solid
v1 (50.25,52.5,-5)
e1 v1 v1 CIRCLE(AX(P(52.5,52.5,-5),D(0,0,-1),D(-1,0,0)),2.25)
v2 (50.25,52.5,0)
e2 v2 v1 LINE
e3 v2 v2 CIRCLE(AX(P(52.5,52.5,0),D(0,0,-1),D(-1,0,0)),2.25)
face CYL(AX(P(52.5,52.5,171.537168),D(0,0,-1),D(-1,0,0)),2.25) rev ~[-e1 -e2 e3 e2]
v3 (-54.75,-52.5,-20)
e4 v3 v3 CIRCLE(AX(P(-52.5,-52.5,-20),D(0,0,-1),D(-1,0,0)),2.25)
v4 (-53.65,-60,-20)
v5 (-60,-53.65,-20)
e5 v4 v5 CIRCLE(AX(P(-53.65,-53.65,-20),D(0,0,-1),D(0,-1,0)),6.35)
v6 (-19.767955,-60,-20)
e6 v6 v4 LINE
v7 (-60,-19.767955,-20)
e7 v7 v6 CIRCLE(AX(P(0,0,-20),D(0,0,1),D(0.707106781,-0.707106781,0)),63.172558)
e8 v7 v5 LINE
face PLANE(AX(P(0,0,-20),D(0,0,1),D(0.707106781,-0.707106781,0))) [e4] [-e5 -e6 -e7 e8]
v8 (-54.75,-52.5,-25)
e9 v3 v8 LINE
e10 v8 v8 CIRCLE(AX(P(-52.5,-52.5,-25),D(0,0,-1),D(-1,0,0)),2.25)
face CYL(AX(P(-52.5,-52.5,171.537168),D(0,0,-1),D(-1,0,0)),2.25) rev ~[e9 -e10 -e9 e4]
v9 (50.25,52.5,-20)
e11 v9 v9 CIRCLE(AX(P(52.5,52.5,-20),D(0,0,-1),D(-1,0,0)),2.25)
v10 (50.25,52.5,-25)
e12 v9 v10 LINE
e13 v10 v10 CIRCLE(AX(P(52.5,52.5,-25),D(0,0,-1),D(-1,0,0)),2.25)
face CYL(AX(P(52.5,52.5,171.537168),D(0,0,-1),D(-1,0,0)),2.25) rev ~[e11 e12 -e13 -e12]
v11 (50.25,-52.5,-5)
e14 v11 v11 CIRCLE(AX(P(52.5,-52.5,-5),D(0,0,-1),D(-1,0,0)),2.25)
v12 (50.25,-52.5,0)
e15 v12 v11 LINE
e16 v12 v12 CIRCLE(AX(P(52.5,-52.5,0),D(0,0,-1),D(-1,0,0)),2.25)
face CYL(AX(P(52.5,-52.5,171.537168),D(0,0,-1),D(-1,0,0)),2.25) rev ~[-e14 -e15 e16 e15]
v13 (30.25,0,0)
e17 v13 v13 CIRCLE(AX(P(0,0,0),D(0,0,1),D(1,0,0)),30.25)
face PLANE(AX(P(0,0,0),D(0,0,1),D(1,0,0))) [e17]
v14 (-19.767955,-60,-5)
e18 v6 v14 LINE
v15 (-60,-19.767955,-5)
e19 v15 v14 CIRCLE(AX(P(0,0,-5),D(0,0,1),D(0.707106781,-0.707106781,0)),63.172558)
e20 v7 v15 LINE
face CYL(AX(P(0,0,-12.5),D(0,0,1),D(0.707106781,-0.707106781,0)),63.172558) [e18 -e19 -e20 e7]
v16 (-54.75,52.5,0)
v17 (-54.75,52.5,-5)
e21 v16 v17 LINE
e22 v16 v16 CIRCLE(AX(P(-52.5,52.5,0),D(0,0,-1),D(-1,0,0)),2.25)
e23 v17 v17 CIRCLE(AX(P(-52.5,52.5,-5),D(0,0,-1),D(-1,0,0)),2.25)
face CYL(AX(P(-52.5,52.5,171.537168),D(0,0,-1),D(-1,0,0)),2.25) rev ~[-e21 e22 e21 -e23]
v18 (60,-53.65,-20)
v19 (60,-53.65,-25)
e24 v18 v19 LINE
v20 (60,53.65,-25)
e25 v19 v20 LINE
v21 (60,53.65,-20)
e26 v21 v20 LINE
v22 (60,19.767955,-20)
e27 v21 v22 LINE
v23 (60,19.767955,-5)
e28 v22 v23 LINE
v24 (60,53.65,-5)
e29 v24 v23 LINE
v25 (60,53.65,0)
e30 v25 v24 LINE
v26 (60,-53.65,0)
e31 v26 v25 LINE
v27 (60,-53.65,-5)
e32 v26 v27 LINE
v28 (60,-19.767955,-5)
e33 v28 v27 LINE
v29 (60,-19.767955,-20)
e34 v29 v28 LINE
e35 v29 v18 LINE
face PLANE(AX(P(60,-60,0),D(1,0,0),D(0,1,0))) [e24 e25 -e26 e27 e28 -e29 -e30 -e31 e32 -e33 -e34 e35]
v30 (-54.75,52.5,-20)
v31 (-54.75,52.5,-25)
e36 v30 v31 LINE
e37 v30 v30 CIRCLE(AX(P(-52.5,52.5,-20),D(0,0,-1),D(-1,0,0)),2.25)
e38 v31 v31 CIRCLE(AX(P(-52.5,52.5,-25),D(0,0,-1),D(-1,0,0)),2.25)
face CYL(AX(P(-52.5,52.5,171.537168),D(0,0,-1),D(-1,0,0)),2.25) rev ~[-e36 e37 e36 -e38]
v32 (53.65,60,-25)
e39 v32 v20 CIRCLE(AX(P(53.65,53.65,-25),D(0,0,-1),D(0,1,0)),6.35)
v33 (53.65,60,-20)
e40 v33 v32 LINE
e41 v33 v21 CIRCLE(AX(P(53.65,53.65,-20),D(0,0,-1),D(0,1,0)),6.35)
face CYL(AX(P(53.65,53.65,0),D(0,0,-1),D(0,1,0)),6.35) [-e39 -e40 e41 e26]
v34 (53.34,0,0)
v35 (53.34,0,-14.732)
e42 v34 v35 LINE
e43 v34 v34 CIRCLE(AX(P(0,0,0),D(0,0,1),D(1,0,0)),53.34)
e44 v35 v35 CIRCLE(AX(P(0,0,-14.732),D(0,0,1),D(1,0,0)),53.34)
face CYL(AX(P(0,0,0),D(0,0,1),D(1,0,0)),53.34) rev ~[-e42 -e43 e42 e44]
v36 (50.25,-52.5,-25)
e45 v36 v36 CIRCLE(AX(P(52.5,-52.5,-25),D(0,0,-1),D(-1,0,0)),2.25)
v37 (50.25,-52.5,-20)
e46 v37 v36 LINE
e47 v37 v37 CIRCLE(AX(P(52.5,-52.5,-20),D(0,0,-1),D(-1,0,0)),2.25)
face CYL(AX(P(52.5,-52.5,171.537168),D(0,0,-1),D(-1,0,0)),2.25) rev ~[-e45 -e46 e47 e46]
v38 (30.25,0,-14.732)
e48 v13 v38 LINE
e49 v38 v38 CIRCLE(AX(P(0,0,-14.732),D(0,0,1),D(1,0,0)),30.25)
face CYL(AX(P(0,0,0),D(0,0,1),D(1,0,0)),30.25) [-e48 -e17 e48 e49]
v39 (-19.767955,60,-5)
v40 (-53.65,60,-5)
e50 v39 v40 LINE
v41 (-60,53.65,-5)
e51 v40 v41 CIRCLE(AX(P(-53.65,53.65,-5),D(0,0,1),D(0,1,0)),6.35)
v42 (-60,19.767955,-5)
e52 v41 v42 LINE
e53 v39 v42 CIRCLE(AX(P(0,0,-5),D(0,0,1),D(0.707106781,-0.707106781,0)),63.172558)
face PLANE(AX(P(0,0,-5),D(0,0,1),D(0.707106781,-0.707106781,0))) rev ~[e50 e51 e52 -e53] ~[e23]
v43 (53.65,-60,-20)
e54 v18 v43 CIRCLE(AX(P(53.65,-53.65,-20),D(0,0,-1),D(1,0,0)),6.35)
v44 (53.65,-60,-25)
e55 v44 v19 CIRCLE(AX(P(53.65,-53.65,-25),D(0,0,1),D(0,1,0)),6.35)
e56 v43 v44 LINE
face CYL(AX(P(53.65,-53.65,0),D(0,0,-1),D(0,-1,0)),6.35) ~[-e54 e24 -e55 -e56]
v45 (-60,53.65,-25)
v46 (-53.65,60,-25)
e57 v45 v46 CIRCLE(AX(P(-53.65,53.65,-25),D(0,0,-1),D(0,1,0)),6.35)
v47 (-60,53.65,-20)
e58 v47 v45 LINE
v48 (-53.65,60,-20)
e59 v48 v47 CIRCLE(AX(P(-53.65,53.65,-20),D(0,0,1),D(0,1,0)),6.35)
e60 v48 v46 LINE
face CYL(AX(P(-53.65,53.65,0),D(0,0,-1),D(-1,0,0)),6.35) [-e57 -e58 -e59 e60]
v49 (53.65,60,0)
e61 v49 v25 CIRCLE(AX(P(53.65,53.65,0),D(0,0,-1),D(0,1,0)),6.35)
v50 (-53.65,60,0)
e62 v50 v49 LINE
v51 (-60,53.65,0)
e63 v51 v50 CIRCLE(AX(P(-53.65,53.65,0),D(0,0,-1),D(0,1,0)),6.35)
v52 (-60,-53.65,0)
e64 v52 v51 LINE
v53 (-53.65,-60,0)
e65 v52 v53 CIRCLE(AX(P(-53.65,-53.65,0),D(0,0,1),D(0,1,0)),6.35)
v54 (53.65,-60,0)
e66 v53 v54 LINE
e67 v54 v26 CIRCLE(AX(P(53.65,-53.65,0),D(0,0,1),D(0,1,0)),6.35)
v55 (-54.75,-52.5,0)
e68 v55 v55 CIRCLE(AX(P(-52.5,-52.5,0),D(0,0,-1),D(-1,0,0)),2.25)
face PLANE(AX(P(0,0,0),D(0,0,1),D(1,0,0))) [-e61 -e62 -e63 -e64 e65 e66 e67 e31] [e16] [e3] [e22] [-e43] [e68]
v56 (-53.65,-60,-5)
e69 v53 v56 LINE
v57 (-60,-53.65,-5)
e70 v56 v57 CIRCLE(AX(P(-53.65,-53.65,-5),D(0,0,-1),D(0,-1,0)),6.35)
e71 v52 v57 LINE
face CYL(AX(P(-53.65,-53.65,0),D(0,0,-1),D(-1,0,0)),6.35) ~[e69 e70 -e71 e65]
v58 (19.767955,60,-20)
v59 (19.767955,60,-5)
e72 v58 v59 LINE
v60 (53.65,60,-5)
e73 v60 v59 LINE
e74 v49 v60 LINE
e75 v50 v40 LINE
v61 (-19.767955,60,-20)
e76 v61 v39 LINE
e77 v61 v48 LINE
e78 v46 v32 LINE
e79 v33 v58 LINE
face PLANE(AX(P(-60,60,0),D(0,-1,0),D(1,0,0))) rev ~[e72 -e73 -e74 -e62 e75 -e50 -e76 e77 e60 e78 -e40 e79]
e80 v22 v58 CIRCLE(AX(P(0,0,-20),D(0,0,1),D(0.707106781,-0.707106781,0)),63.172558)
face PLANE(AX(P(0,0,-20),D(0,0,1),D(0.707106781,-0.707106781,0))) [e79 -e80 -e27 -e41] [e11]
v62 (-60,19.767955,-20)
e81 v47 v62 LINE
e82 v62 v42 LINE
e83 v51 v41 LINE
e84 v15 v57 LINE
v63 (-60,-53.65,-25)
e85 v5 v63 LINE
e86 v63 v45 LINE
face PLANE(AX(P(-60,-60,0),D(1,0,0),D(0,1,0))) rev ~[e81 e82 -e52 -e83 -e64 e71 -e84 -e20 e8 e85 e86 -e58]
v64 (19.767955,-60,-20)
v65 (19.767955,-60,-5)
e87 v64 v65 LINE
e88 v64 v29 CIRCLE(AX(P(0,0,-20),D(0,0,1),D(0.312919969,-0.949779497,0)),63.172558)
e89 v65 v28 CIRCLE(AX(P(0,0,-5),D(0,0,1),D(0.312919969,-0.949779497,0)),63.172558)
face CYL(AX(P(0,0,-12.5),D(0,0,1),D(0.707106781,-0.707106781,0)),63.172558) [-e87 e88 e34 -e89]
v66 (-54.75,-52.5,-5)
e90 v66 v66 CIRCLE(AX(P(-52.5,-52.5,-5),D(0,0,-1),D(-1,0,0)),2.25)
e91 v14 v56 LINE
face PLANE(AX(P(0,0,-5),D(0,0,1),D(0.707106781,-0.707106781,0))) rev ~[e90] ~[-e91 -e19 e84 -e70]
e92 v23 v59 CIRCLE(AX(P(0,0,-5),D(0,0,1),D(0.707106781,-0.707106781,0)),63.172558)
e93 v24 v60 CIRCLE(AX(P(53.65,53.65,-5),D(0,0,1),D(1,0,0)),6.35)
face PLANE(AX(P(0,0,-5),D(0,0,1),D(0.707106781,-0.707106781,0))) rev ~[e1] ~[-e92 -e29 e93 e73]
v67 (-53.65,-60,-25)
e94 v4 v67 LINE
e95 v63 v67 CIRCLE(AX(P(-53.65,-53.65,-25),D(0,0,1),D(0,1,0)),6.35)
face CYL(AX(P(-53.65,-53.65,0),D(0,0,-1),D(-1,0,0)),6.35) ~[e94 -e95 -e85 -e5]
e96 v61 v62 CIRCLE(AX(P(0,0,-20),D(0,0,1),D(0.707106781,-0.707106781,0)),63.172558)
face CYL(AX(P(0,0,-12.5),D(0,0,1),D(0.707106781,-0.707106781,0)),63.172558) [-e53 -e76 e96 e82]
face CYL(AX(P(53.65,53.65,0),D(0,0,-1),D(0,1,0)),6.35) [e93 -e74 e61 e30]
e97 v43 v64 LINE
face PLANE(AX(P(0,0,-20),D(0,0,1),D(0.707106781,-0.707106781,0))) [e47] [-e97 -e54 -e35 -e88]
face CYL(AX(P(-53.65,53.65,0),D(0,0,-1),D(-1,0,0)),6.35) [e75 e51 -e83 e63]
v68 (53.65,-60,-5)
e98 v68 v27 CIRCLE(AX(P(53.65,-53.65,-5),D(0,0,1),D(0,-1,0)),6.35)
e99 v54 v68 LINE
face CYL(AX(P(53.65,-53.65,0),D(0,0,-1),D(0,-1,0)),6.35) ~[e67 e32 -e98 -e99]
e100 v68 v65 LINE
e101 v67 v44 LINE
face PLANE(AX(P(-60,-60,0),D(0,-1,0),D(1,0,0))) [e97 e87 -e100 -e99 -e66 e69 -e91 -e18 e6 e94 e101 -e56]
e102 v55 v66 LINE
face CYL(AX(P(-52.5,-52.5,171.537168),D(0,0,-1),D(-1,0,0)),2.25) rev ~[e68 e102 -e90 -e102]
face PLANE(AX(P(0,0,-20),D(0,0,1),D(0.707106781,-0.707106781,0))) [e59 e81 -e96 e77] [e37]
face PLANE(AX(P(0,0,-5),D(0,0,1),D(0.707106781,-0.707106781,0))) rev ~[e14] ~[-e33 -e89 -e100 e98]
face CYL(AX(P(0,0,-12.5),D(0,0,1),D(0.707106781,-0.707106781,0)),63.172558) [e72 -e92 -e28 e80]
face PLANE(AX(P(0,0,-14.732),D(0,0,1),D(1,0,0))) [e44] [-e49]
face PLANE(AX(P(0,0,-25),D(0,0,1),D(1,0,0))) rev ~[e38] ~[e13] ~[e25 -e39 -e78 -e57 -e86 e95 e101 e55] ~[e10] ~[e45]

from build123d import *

# Parameters (mm, degrees)
F0_W     = 120
F0_H     = 120
F1_DEPTH = 25
F3_D     = 4.5
F4_R     = 53.34
F4_R_2   = 30.25
F5_DEPTH = 14.732
F6_R     = 6.35
F9_W     = 19.05
F9_H     = 15


with BuildPart() as f1:
    # F0 (on Top) → F1 (new body)
    with BuildSketch(Plane.XY):
        Rectangle(F0_W, F0_H)
    extrude(amount=-F1_DEPTH)

    # F3 (through all)
    with Locations(Plane.XY):
        with Locations((-52.5, -52.5), (52.5, -52.5), (52.5, 52.5), (-52.5, 52.5)):
            Hole(F3_D / 2)

    # F4 (on face) → F5 (cut)
    with BuildSketch(Plane.XY):
        Circle(F4_R)
        Circle(F4_R_2, mode=Mode.SUBTRACT)
    extrude(amount=-F5_DEPTH, mode=Mode.SUBTRACT)

    # F6
    f6_edges = [f1.edges().sort_by_distance(p)[0] for p in [
        (60, -60, -12.5),
        (-60, -60, -12.5),
        (60, 60, -12.5),
        (-60, 60, -12.5),
    ]]
    fillet(f6_edges, radius=F6_R)

    # F9 (on face) → F10 (revolve, cut)
    with BuildSketch(Plane(origin=(0, 0, 0), x_dir=(-0.7071067812, 0.7071067812, 0), z_dir=(0.7071067812, 0.7071067812, 0))):
        with Locations((-72.6975576213, -12.5)):
            Rectangle(F9_W, F9_H)
    revolve(axis=Axis((0, 0, 0), (0, 0, 1)), mode=Mode.SUBTRACT)


solid = f1.part
